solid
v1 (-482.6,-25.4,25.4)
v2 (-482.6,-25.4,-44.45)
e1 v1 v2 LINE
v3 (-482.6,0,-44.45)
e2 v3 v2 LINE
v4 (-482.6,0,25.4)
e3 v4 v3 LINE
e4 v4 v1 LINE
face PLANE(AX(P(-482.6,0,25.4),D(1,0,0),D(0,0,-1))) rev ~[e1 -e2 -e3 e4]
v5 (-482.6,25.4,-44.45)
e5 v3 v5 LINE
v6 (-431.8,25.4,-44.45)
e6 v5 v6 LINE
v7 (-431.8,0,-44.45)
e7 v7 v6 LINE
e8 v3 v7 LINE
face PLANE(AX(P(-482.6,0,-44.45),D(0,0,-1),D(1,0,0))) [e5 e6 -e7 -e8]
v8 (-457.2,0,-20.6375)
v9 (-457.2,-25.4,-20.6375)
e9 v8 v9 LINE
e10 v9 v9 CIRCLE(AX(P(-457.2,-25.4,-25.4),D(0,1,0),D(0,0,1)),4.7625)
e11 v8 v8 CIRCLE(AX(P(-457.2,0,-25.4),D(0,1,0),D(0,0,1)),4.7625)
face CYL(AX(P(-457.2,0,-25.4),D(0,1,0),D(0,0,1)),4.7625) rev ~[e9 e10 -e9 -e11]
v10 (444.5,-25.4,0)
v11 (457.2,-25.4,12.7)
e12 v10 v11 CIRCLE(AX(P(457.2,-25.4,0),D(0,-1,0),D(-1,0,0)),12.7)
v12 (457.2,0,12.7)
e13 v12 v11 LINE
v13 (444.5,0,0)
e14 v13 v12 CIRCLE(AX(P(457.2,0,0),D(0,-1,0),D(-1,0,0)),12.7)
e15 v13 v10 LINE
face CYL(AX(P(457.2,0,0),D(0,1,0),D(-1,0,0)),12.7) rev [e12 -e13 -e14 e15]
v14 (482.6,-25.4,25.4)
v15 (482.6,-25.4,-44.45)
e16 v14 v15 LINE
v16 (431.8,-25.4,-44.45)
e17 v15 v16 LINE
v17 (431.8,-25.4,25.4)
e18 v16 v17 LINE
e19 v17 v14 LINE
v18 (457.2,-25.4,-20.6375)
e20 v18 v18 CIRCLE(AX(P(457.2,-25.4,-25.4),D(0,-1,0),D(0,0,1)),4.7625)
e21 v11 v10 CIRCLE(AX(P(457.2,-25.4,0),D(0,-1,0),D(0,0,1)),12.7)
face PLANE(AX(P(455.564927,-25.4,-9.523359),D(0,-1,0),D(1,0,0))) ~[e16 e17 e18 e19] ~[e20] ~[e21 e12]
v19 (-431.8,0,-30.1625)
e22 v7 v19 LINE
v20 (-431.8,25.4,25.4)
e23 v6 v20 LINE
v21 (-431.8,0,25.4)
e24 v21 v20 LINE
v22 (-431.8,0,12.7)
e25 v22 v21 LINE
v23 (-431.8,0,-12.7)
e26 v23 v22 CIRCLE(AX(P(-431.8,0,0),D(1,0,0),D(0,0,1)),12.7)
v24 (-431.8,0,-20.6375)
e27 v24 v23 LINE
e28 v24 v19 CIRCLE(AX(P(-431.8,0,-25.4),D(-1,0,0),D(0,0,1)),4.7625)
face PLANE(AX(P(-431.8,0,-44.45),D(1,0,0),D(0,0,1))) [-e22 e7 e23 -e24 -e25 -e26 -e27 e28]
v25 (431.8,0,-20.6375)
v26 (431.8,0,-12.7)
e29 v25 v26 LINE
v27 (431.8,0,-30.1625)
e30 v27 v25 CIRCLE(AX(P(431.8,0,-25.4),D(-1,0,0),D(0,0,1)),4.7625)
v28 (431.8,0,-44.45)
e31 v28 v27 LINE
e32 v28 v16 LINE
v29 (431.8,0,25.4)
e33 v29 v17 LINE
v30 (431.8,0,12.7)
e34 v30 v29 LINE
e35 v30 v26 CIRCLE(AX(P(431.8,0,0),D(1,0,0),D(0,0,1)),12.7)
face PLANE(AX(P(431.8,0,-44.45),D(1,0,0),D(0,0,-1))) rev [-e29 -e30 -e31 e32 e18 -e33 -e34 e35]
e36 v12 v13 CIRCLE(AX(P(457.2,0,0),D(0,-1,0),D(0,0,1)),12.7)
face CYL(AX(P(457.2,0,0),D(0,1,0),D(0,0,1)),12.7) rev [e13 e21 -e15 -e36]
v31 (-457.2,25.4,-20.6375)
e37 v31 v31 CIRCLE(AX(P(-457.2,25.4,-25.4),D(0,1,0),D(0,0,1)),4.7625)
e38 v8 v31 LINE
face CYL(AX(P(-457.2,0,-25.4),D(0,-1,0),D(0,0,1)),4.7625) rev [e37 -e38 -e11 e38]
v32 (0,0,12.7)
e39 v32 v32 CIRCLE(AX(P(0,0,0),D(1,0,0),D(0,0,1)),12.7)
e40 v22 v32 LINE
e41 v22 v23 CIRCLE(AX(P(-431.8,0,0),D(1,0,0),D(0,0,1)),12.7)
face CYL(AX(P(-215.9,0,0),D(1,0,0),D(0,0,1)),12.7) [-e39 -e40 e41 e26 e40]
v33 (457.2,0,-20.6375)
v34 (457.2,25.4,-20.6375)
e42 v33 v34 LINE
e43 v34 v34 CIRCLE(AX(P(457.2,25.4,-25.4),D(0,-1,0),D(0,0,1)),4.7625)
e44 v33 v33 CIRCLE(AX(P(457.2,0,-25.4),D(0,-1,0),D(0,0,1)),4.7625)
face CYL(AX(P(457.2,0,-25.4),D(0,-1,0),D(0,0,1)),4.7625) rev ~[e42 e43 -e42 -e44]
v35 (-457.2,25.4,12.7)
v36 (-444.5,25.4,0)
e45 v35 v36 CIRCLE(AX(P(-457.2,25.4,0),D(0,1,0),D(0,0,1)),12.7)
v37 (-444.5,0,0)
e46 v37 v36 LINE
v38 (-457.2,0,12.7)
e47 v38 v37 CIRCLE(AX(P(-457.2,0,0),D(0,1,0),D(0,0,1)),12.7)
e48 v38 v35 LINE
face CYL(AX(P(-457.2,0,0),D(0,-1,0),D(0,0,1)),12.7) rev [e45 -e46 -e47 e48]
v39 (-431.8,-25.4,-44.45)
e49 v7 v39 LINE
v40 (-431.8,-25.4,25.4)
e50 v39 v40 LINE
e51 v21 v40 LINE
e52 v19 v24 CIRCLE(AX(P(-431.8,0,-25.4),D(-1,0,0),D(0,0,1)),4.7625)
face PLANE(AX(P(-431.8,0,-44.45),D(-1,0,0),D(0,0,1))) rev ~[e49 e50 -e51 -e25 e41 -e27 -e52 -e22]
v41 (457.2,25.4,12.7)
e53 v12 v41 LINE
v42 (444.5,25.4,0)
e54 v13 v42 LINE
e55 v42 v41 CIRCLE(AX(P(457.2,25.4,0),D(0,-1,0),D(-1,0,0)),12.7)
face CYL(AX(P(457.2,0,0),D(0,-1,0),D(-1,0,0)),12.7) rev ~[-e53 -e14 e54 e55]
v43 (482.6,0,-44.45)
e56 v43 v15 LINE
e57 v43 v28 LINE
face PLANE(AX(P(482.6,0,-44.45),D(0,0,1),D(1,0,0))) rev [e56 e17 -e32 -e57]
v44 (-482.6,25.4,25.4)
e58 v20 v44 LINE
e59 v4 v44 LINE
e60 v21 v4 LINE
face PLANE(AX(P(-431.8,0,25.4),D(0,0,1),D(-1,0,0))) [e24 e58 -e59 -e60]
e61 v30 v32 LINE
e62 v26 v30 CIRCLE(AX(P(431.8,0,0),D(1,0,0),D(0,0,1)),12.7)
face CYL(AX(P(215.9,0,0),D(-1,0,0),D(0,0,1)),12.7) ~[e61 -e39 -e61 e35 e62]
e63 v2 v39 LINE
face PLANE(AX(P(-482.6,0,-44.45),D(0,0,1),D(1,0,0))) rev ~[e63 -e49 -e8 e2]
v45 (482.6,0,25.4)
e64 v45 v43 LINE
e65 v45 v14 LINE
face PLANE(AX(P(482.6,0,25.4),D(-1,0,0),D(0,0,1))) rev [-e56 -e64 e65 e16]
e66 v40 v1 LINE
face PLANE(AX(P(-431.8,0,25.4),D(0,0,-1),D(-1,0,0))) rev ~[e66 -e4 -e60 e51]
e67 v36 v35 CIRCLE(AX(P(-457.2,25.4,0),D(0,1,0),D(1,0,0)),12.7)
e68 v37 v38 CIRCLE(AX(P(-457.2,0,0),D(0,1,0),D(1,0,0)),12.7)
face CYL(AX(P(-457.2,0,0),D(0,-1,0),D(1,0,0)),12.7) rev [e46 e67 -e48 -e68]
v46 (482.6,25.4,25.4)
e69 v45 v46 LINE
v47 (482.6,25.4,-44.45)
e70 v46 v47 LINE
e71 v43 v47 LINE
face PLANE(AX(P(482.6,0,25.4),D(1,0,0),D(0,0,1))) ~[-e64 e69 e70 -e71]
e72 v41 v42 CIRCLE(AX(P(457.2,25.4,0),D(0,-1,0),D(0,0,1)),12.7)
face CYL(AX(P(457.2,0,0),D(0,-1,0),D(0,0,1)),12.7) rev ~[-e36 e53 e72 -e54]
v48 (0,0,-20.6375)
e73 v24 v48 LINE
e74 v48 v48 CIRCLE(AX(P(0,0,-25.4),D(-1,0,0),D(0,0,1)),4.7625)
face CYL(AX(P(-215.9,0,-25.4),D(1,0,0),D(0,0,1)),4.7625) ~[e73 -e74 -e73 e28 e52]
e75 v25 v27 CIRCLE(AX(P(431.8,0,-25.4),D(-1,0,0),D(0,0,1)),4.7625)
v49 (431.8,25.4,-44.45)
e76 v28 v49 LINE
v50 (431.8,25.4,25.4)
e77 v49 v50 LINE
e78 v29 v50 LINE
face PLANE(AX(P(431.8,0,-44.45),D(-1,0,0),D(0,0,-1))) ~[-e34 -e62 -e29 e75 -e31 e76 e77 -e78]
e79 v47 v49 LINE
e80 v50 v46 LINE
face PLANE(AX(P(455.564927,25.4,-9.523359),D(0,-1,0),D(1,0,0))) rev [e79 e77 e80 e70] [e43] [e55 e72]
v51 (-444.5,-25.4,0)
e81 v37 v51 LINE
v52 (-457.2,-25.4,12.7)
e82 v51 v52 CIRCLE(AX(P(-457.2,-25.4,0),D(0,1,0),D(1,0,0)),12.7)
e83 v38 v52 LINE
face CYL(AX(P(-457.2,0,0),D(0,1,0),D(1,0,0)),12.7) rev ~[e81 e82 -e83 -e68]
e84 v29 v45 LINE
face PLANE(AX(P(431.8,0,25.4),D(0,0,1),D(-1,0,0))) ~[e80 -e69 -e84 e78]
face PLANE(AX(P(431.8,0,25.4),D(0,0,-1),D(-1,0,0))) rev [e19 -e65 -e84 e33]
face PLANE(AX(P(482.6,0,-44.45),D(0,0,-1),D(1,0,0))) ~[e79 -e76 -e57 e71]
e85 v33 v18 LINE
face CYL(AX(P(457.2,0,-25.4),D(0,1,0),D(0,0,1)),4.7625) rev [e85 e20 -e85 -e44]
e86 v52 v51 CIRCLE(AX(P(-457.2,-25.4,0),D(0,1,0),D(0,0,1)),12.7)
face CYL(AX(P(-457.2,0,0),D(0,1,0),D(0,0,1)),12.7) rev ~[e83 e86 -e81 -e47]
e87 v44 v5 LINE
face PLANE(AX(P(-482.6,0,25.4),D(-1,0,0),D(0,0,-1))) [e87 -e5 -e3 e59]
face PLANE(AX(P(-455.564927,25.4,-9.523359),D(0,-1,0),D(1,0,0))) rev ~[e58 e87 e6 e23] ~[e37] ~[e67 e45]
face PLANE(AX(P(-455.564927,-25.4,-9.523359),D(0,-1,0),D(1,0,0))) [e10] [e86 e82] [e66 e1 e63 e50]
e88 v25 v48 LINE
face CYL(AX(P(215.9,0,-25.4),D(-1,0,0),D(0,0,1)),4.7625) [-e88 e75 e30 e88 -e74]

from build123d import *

# Parameters (mm, degrees)
F0_W     = 431.8
F0_H     = 12.7
F0_H_2   = 4.7625
F3_DEPTH = 25.4


with BuildPart() as f1:
    # F0 (on Front) → F1 (revolve)
    with BuildSketch(Plane.XZ):
        with Locations((-215.9, 6.35)):
            Rectangle(F0_W, F0_H)
    revolve(axis=Axis((-228.6, 0, 0), (1, 0, 0)))



with BuildPart() as f2:
    # F0 (on Front) → F2 (revolve)
    with BuildSketch(Plane.XZ):
        with Locations((-215.9, -23.01875)):
            Rectangle(F0_W, F0_H_2)
    revolve(axis=Axis((-228.6, 0, -25.4), (-1, 0, 0)))


with BuildPart() as f1_1:
    add(f1.part)

    add(f2.part)  # F3 merges F2
    # F0 (on Front) → F3 (join, symmetric)
    with BuildSketch(Plane.XZ):
        with BuildLine():
            Line((-431.8, 0), (-444.5, 0))
            ThreePointArc((-444.5, 0), (-466.1802561211, -8.9802561211), (-457.2, 12.7))
            Line((-457.2, 12.7), (-431.8, 12.7))
            Line((-431.8, 12.7), (-431.8, 25.4))
            Line((-431.8, 25.4), (-482.6, 25.4))
            Line((-482.6, 25.4), (-482.6, -44.45))
            Line((-482.6, -44.45), (-431.8, -44.45))
            Line((-431.8, -44.45), (-431.8, -25.4))
            Line((-431.8, -25.4), (-452.4375, -25.4))
            ThreePointArc((-452.4375, -25.4), (-460.5675960454, -28.7675960454), (-457.2, -20.6375))
            Line((-457.2, -20.6375), (-431.8, -20.6375))
            Line((-431.8, -20.6375), (-431.8, 0))
        make_face()
        with BuildLine():
            ThreePointArc((-457.2, 12.7), (-448.2197438789, 8.9802561211), (-444.5, 0))
            Line((-444.5, 0), (-431.8, 0))
            Line((-431.8, 0), (-431.8, 12.7))
            Line((-431.8, 12.7), (-457.2, 12.7))
        make_face()
        with BuildLine():
            Line((-431.8, -25.4), (-431.8, -20.6375))
            Line((-431.8, -20.6375), (-457.2, -20.6375))
            ThreePointArc((-457.2, -20.6375), (-453.8324039546, -22.0324039546), (-452.4375, -25.4))
            Line((-452.4375, -25.4), (-431.8, -25.4))
        make_face()
    extrude(amount=F3_DEPTH, both=True)

    # F4: F1 across plane


with BuildPart() as f1_2:
    add(f1_1.part)
    add(f1_1.part.mirror(Plane.YZ))


solid = f1_2.part
